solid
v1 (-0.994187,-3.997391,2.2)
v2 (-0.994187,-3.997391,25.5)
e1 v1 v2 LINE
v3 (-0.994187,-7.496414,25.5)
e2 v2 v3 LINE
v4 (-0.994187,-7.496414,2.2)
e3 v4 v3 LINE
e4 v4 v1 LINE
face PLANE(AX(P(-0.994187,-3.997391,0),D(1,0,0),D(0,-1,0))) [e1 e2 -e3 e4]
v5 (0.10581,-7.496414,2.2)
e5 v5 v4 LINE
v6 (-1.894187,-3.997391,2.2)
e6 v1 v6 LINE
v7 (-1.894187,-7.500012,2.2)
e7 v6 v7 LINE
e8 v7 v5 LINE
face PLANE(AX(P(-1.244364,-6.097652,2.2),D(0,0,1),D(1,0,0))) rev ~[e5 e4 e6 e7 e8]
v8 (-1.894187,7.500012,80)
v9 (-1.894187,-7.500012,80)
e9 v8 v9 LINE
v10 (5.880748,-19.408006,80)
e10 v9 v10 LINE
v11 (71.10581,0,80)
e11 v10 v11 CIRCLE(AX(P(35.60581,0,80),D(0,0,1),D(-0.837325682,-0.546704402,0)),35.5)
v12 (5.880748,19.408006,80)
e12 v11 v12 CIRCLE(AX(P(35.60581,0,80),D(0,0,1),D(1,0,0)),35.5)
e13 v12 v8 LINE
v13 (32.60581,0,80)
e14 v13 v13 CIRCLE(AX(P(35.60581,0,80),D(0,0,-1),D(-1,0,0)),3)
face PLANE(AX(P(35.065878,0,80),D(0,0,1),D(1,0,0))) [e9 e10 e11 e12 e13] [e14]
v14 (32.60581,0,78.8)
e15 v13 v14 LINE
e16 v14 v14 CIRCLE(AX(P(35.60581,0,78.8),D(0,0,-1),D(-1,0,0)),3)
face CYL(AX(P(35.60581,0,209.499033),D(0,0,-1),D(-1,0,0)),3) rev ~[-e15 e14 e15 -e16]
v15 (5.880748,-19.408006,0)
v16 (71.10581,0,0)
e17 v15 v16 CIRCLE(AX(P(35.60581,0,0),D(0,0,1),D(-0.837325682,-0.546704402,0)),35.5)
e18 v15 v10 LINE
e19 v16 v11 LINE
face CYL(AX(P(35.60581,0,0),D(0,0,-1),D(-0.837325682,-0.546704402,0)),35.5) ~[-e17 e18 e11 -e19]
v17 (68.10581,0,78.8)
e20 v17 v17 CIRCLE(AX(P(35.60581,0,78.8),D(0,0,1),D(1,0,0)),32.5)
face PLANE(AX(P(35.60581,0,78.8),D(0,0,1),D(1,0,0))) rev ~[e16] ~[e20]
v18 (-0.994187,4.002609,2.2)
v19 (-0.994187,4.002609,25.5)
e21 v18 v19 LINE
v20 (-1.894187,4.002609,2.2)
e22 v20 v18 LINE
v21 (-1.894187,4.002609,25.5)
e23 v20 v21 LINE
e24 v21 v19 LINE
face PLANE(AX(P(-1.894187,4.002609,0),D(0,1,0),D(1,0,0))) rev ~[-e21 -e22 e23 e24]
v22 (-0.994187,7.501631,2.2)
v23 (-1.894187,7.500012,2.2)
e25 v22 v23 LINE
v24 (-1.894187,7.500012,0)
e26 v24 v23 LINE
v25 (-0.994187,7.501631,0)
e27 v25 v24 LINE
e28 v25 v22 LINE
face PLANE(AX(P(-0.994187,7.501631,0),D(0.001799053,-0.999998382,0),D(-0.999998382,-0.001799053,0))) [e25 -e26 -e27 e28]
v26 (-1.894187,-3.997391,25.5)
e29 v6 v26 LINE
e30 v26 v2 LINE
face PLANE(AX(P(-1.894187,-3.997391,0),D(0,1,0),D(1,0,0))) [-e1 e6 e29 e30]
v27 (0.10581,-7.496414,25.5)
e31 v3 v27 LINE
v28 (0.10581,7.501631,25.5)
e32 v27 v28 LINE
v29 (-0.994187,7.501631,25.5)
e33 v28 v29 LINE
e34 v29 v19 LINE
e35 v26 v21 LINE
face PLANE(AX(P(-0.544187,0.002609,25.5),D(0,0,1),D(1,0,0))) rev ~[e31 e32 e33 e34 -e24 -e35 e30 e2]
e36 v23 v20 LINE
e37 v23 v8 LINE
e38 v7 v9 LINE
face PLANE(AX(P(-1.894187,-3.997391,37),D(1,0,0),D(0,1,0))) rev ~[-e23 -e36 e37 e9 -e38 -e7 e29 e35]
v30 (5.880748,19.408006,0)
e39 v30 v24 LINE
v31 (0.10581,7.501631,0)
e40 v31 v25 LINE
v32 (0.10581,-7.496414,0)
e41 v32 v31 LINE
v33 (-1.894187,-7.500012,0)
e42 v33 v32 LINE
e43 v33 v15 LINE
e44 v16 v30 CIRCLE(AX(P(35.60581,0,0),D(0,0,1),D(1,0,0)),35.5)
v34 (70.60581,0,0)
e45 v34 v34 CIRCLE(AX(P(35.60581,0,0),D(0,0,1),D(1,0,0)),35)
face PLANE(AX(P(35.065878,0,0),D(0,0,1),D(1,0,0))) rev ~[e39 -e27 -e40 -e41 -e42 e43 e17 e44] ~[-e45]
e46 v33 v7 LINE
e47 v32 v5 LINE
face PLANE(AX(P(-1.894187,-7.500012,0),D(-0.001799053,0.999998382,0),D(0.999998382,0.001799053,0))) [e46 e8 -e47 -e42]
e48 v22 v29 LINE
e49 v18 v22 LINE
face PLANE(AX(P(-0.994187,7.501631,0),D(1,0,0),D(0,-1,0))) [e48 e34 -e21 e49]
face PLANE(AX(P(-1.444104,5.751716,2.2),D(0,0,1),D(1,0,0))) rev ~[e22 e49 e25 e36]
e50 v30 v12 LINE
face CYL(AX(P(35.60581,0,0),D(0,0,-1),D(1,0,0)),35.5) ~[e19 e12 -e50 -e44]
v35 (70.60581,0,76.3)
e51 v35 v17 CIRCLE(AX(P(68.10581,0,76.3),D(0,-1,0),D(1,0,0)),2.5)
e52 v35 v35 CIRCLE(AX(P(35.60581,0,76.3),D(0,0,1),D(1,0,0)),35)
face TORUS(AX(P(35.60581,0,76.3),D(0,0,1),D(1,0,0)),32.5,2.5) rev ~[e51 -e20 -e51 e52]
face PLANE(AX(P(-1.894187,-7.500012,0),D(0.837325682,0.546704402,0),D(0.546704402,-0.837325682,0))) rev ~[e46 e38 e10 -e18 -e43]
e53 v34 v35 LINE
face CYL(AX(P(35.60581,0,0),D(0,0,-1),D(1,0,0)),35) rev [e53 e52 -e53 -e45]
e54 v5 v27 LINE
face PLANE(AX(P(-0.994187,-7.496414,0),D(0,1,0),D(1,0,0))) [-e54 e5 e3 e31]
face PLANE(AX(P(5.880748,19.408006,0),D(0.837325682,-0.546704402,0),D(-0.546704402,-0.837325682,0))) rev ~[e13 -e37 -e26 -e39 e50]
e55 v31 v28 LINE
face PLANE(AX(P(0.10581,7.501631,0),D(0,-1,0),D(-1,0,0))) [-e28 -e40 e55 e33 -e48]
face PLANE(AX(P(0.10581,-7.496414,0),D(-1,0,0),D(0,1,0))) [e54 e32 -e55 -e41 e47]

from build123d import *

# Parameters (mm, degrees)
F0_R     = 35
F0_W     = 0.9
F0_H     = 8
F1_DEPTH = 80
F2_DEPTH = 78.8
F3_DEPTH = 37
F5_D     = 6
F6_DEPTH = 2.2
F7_DEPTH = 11.5
F8_R     = 2.5


with BuildPart() as f1:
    # F0 (on Top) → F1 (new body)
    with BuildSketch(Plane.XY):
        with BuildLine():
            ThreePointArc((5.8807484886, -19.4080062609), (45.7302931295, -34.0256498123), (71.105810187, 0))
            ThreePointArc((71.105810187, 0), (45.7302931295, 34.0256498123), (5.8807484886, 19.4080062609))
            ThreePointArc((5.8807484886, 19.4080062609), (1.580160384, 10.1244829736), (0.105810187, 6.5e-08))
            ThreePointArc((0.105810187, 6.5e-08), (1.5801603655, -10.1244829114), (5.8807484886, -19.4080062609))
        make_face()
        with Locations((35.605810187, 0)):
            Circle(F0_R, mode=Mode.SUBTRACT)
        with BuildLine():
            Line((-1.8941865764, -7.5000121373), (5.8807484886, -19.4080062609))
            ThreePointArc((5.8807484886, -19.4080062609), (1.5801603655, -10.1244829114), (0.105810187, 6.5e-08))
            Line((0.105810187, 6.5e-08), (0.105810187, -7.4964140307))
            Line((0.105810187, -7.4964140307), (-1.8941865764, -7.5000121373))
        make_face()
        with BuildLine():
            ThreePointArc((0.105810187, 6.5e-08), (1.580160384, 10.1244829736), (5.8807484886, 19.4080062609))
            Line((5.8807484886, 19.4080062609), (-1.8941865764, 7.5000121373))
            Line((-1.8941865764, 7.5000121373), (-0.9941865764, 7.5016312878))
            Line((-0.9941865764, 7.5016312878), (0.105810187, 7.5016312878))
            Line((0.105810187, 7.5016312878), (0.105810187, 6.5e-08))
        make_face()
        with Locations((35.605810187, 0)):
            Circle(F0_R)
        Polygon((-0.9941865764, 7.5016312878), (-1.8941865764, 7.5000121373), (-1.8941865764, 4.0026086286), (-0.9941865764, 4.0026086286), align=None)
        Polygon((-1.8941865764, -3.9973913714), (-1.8941865764, -7.5000121373), (0.105810187, -7.4964140307), (-0.9941865764, -7.4964140307), (-0.9941865764, -3.9973913714), align=None)
        Polygon((0.105810187, -7.4964140307), (0.105810187, 6.5e-08), (0.105810187, 7.5016312878), (-0.9941865764, 7.5016312878), (-0.9941865764, 4.0026086286), (-0.0941865764, 4.0026086286), (-0.0941865764, -3.9973913714), (-0.9941865764, -3.9973913714), (-0.9941865764, -7.4964140307), align=None)
        with Locations((-0.5441865764, 0.0026086286)):
            Rectangle(F0_W, F0_H)
        with Locations((-1.4441865764, 0.0026086286)):
            Rectangle(F0_W, F0_H)
    extrude(amount=F1_DEPTH)

    # F0 (on Top) → F2 (cut)
    with BuildSketch(Plane.XY):
        with Locations((35.605810187, 0)):
            Circle(F0_R)
    extrude(amount=F2_DEPTH, mode=Mode.SUBTRACT)

    # F0 (on Top) → F3 (cut)
    with BuildSketch(Plane.XY):
        with Locations((-0.5441865764, 0.0026086286)):
            Rectangle(F0_W, F0_H)
        Polygon((0.105810187, -7.4964140307), (0.105810187, 6.5e-08), (0.105810187, 7.5016312878), (-0.9941865764, 7.5016312878), (-0.9941865764, 4.0026086286), (-0.0941865764, 4.0026086286), (-0.0941865764, -3.9973913714), (-0.9941865764, -3.9973913714), (-0.9941865764, -7.4964140307), align=None)
        with Locations((-1.4441865764, 0.0026086286)):
            Rectangle(F0_W, F0_H)
    extrude(amount=F3_DEPTH, mode=Mode.SUBTRACT)

    # F5 (through all)
    with Locations(Plane.XY.offset(80)):
        with Locations((35.605810187, 0)):
            Hole(F5_D / 2)

    # F0 (on Top) → F6 (cut)
    with BuildSketch(Plane.XY):
        Polygon((-1.8941865764, -3.9973913714), (-1.8941865764, -7.5000121373), (0.105810187, -7.4964140307), (-0.9941865764, -7.4964140307), (-0.9941865764, -3.9973913714), align=None)
        Polygon((-0.9941865764, 7.5016312878), (-1.8941865764, 7.5000121373), (-1.8941865764, 4.0026086286), (-0.9941865764, 4.0026086286), align=None)
    extrude(amount=F6_DEPTH, mode=Mode.SUBTRACT)

    # F7 (add): a face of the model
    f7_faces = [f1.faces().sort_by_distance(p)[0] for p in [
        (-0.7480133578, 0.0026086286, 37),
    ]]
    extrude(f7_faces, amount=F7_DEPTH)

    # F8
    f8_edges = [f1.edges().sort_by_distance(p)[0] for p in [
        (0.60581, 0, 78.8),
    ]]
    fillet(f8_edges, radius=F8_R)


solid = f1.part
